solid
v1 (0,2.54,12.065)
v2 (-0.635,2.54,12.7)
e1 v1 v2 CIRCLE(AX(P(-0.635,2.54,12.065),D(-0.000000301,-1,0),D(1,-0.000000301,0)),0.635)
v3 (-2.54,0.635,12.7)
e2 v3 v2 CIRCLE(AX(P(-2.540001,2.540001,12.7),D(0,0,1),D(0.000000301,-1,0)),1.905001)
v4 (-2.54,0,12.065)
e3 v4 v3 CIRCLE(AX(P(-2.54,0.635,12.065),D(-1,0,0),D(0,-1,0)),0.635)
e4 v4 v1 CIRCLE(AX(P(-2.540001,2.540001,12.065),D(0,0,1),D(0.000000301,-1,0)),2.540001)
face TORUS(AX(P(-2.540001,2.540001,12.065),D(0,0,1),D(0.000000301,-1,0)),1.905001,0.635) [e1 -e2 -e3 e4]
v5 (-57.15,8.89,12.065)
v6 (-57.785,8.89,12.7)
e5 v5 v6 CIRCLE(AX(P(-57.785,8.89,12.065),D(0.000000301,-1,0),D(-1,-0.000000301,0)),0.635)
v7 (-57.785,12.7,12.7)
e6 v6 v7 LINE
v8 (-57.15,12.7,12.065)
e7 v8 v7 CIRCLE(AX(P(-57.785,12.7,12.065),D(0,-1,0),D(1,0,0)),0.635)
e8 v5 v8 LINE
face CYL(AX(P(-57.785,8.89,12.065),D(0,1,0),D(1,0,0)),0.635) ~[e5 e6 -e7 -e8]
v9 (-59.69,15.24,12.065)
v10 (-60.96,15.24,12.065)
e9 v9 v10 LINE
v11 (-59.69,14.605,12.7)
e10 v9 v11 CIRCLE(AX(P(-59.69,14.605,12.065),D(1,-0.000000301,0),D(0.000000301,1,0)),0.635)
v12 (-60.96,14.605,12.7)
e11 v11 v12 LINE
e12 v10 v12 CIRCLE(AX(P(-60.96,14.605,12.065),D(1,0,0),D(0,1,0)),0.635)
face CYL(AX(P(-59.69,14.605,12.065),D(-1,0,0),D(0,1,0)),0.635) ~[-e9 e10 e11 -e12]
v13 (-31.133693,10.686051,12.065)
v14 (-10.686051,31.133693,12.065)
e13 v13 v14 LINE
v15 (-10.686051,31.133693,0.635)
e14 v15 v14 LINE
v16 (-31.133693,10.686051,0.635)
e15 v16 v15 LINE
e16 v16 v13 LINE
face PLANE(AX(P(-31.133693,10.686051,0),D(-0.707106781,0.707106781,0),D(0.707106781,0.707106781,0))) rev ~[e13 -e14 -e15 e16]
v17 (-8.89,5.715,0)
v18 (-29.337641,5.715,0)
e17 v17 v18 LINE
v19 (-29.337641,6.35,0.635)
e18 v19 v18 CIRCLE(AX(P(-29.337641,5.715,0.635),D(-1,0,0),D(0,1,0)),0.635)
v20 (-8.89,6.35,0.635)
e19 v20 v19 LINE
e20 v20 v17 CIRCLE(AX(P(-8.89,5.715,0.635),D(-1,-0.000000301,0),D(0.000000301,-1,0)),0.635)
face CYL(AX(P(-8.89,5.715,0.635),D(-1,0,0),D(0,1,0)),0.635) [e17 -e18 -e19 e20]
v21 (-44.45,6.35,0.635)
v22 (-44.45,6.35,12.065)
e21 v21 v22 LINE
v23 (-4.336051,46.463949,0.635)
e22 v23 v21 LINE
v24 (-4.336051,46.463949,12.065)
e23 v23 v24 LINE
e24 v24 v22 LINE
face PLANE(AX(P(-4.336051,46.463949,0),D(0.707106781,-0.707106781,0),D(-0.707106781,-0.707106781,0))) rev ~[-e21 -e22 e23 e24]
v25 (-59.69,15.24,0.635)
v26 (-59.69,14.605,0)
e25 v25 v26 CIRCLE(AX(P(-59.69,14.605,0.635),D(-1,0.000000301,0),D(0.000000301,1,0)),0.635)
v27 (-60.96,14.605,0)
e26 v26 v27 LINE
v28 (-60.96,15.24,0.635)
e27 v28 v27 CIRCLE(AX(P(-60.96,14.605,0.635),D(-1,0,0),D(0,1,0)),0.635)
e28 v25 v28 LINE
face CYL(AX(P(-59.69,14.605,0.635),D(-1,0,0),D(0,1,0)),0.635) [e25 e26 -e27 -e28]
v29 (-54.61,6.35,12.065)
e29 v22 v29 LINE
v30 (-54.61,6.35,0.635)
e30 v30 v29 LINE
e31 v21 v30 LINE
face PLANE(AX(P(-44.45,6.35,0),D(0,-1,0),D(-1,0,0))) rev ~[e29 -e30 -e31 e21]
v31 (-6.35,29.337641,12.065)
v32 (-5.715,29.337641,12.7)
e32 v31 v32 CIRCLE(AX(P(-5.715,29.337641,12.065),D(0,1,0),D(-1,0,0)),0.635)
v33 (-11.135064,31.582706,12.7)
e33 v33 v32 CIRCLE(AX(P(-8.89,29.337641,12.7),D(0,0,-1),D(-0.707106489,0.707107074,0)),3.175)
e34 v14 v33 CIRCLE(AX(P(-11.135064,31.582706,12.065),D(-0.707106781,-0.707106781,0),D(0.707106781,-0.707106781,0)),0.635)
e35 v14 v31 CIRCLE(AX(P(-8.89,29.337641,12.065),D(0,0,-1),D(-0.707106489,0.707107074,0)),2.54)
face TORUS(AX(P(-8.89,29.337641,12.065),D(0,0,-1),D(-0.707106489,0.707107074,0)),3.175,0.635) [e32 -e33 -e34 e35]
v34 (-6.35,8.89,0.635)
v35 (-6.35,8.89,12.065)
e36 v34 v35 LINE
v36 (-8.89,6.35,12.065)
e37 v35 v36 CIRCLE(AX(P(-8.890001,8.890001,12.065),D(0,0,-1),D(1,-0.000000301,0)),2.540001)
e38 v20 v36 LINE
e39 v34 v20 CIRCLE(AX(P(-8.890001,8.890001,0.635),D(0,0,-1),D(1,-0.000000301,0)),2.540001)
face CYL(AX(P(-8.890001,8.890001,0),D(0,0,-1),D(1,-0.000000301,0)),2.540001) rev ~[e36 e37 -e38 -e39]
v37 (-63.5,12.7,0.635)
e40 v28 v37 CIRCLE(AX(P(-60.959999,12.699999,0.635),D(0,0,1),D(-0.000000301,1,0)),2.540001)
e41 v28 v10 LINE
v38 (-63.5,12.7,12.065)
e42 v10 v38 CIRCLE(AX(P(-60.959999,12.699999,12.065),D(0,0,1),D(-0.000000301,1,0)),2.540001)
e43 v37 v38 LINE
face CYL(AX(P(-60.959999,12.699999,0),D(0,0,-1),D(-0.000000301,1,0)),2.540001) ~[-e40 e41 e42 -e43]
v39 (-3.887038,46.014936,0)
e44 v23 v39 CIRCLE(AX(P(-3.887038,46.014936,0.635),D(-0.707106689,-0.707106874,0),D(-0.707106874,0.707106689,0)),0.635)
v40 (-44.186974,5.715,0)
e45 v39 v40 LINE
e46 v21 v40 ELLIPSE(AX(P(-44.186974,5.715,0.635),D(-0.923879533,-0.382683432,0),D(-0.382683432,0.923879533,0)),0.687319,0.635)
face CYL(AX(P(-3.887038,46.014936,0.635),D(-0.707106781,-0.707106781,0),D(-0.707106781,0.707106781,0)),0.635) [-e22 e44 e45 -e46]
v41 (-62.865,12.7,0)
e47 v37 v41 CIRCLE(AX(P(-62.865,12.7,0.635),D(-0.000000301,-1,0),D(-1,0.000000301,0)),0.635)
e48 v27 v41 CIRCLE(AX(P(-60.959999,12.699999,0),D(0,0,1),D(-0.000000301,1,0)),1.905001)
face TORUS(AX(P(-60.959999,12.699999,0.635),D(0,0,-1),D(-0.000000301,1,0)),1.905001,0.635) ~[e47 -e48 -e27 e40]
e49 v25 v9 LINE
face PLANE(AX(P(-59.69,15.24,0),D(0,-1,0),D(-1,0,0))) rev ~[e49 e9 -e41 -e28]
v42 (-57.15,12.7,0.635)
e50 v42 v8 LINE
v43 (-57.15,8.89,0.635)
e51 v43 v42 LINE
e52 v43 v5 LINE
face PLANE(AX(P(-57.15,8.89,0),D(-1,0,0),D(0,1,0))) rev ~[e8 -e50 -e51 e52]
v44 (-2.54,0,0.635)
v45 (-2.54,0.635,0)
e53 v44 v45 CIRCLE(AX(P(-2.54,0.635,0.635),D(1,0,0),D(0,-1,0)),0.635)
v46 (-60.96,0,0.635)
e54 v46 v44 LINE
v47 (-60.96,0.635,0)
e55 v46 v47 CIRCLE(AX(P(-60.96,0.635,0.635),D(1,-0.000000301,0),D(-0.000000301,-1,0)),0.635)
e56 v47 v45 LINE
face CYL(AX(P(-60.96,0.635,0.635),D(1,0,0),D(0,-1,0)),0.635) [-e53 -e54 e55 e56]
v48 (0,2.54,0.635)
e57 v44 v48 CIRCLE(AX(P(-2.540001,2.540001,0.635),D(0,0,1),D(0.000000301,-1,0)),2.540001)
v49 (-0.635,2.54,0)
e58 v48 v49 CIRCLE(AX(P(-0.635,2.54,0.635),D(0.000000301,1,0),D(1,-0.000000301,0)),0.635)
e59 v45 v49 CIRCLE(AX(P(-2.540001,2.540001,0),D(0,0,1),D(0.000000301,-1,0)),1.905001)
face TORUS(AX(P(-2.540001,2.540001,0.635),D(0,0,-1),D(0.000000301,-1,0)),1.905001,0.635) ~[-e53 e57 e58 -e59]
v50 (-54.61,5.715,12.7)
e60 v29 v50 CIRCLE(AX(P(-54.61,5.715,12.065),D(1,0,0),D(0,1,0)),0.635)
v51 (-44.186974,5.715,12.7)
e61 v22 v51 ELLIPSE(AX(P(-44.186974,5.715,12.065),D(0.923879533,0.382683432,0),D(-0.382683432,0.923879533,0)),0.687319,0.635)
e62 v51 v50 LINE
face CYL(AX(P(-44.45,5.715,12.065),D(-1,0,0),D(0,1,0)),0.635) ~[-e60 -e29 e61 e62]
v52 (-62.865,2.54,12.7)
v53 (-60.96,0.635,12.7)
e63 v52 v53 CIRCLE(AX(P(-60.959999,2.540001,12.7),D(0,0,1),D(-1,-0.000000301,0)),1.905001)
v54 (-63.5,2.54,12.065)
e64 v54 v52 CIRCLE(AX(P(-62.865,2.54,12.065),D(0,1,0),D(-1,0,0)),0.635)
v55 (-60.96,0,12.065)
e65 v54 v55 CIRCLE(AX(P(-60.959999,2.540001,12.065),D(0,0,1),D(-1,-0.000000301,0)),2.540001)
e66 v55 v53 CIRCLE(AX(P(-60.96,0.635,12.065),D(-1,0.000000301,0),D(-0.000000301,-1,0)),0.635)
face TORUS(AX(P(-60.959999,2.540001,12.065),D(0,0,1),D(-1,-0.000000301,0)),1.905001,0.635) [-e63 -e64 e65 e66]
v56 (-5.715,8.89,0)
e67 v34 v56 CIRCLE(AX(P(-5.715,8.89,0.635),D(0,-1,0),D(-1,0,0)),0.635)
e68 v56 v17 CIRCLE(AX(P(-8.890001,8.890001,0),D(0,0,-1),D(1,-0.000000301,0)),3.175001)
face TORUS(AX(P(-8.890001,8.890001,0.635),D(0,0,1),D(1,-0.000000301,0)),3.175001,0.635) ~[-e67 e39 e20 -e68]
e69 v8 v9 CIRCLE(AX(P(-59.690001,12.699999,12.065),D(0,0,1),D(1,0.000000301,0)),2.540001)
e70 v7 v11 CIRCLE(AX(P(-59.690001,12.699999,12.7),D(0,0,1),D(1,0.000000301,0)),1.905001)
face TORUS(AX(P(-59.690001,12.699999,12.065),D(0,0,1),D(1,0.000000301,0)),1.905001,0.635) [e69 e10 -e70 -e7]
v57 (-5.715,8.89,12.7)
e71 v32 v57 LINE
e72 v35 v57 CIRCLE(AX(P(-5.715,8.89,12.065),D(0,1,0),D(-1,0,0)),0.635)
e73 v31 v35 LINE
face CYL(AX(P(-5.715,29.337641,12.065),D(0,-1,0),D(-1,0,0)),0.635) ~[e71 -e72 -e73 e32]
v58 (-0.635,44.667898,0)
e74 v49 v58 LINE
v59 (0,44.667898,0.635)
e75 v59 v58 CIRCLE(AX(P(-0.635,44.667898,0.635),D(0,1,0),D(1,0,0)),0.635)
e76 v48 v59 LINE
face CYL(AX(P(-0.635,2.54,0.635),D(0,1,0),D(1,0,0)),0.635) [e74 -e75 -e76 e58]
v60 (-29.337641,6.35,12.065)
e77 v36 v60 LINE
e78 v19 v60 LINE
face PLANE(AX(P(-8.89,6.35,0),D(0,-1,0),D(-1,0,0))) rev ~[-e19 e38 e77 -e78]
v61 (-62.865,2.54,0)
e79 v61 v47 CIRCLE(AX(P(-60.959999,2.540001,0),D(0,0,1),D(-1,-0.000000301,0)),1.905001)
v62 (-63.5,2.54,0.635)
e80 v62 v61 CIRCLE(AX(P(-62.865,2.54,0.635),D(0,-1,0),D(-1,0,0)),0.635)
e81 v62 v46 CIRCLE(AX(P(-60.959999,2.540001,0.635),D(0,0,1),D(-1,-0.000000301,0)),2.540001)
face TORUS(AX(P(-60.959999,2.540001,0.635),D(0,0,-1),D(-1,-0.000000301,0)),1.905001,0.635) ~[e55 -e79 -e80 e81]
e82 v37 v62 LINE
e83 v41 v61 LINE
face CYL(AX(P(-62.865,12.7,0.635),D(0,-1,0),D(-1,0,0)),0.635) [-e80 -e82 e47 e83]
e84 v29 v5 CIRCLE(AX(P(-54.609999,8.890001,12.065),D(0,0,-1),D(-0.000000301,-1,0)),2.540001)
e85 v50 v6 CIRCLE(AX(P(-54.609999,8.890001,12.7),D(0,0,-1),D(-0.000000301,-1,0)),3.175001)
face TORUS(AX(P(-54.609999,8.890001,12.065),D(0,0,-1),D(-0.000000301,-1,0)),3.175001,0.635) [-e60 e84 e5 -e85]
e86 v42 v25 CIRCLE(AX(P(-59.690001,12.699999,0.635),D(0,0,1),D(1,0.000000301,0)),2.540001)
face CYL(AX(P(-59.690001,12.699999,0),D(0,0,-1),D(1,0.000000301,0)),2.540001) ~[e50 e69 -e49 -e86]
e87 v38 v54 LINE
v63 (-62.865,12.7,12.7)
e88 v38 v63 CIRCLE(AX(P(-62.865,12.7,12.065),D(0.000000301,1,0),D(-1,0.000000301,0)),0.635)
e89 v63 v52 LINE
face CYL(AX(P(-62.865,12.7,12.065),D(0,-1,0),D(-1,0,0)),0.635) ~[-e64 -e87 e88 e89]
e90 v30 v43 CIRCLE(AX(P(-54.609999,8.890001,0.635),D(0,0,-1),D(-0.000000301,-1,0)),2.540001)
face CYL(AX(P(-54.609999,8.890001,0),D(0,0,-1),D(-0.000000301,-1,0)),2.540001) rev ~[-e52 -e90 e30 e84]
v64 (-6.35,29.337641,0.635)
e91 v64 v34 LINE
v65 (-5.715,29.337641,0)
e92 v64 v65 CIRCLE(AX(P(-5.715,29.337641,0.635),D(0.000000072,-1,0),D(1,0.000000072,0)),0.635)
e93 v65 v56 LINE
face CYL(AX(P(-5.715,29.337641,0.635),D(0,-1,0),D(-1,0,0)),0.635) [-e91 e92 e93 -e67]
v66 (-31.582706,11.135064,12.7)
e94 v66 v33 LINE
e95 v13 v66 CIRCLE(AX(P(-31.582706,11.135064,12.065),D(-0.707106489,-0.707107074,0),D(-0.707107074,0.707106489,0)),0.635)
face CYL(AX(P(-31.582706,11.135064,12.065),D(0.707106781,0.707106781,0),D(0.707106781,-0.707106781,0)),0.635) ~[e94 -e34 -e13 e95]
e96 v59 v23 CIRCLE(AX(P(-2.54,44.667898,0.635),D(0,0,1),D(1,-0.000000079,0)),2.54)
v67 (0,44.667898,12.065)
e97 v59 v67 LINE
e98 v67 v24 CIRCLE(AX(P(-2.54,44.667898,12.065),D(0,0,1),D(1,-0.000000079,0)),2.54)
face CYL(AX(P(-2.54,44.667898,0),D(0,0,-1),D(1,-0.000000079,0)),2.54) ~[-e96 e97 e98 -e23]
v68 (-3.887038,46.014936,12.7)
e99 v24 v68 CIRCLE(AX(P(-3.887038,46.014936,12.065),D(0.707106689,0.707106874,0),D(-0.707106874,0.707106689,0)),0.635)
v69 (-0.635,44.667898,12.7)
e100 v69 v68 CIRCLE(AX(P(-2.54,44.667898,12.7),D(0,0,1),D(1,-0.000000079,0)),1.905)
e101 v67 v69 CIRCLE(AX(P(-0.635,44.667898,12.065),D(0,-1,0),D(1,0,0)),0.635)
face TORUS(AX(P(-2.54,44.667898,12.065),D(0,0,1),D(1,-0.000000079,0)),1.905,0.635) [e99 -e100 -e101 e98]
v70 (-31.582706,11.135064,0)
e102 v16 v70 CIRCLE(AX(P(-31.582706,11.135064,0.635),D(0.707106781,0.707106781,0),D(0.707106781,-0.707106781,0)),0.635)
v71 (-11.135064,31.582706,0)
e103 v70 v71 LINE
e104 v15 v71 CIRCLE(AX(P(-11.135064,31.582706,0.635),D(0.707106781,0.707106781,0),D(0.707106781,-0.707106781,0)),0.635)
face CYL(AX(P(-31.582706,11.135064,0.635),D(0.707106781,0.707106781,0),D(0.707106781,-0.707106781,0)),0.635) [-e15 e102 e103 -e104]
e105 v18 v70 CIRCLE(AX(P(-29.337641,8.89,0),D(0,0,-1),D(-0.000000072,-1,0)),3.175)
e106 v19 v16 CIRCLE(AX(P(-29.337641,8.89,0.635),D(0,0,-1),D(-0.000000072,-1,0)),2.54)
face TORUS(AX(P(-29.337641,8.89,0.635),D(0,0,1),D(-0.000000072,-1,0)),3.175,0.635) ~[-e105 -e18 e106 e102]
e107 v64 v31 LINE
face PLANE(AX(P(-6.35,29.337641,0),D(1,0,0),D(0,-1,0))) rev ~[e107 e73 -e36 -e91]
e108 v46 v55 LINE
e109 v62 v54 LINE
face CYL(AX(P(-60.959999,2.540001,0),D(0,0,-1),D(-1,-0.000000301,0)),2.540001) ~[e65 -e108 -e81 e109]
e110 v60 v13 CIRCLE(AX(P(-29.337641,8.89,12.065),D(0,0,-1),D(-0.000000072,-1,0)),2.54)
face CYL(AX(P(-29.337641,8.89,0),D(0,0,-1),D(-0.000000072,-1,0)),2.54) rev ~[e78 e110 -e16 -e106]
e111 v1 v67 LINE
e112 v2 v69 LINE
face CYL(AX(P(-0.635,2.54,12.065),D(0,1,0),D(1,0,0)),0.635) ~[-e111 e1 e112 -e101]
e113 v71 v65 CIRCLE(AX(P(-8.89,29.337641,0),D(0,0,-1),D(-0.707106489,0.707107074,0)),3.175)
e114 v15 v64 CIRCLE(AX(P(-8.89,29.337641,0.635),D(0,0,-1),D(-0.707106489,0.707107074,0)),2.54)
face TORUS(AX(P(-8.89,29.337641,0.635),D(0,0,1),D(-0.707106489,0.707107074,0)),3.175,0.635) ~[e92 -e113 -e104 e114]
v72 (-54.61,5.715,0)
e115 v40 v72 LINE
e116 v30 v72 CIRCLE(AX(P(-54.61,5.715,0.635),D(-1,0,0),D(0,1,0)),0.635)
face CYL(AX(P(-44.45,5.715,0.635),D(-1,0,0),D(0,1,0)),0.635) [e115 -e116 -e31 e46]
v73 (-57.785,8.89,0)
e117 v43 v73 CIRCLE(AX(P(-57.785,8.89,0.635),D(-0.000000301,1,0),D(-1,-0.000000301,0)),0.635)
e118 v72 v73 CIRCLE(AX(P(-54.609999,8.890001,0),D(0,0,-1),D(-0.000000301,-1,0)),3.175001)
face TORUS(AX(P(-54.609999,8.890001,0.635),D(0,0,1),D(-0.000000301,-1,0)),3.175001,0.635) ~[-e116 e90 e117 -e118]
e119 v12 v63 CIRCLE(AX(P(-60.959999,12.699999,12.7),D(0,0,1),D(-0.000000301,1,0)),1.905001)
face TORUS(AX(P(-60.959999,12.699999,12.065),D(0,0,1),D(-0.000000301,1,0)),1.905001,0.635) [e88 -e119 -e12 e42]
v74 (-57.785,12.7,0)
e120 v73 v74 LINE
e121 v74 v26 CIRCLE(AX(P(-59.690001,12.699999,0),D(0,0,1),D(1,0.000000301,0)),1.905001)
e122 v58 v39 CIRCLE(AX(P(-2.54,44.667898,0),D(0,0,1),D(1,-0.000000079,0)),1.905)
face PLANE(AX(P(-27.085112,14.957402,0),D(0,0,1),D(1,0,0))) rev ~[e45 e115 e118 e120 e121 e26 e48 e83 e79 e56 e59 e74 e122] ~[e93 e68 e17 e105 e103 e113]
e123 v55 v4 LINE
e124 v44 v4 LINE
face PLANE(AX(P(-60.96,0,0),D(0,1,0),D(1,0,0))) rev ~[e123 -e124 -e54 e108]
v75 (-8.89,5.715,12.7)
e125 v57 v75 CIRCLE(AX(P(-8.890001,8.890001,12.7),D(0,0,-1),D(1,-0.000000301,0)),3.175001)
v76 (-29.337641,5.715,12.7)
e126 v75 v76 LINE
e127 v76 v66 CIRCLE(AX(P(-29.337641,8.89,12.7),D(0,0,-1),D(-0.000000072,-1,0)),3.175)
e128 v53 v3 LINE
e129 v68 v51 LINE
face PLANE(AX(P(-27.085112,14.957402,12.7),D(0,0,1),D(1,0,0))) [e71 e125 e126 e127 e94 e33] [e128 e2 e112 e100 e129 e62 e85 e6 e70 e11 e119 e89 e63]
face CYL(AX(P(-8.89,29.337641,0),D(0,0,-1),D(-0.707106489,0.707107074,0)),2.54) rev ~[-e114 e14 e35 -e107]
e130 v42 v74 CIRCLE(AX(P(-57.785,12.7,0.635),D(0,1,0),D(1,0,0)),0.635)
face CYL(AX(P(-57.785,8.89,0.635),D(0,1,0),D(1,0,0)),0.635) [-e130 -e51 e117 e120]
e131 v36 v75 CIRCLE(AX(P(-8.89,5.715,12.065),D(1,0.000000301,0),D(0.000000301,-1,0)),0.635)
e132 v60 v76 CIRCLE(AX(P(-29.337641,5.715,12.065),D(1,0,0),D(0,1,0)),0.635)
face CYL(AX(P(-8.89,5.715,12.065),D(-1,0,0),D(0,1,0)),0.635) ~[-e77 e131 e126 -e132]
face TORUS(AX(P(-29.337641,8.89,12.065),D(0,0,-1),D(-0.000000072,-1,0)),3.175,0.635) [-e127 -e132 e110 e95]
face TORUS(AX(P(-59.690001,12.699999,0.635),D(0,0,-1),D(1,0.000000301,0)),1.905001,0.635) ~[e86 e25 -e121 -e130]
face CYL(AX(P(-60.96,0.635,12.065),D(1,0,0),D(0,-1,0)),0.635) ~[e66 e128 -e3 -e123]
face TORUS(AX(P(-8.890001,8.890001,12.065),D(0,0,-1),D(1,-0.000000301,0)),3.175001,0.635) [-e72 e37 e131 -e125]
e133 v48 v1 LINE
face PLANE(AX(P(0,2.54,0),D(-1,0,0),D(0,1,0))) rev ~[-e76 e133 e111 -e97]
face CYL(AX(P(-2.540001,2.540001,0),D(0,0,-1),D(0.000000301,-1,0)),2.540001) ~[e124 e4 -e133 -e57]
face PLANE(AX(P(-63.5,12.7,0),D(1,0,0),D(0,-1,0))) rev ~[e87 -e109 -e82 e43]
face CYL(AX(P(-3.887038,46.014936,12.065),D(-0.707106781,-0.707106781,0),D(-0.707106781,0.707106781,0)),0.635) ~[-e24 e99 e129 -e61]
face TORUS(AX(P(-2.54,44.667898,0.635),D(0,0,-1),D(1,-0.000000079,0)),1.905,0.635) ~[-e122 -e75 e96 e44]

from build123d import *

# Parameters (mm, degrees)
F1_DEPTH = 12.7
F2_R     = 0.635


with BuildPart() as f1:
    # F0 (on Top) → F1 (new body)
    with BuildSketch(Plane.XY):
        with BuildLine():
            Line((-60.96, 0), (-2.54, 0))
            ThreePointArc((-2.54, 0), (-0.743949, 0.743949), (0, 2.54))
            Line((0, 2.54), (0, 6.35))
            Line((0, 6.35), (0, 44.667898))
            ThreePointArc((0, 44.667898), (-1.567984, 47.014552), (-4.336051, 46.463949))
            Line((-4.336051, 46.463949), (-44.45, 6.35))
            Line((-44.45, 6.35), (-54.61, 6.35))
            ThreePointArc((-54.61, 6.35), (-56.406051, 7.093949), (-57.15, 8.89))
            Line((-57.15, 8.89), (-57.15, 12.7))
            ThreePointArc((-57.15, 12.7), (-57.893949, 14.496051), (-59.69, 15.24))
            Line((-59.69, 15.24), (-60.96, 15.24))
            ThreePointArc((-60.96, 15.24), (-62.756051, 14.496051), (-63.5, 12.7))
            Line((-63.5, 12.7), (-63.5, 6.35))
            Line((-63.5, 6.35), (-63.5, 2.54))
            ThreePointArc((-63.5, 2.54), (-62.756051, 0.743949), (-60.96, 0))
        make_face()
        with BuildLine():
            Line((-31.133693, 10.686051), (-10.686051, 31.133693))
            ThreePointArc((-10.686051, 31.133693), (-7.917984, 31.684295), (-6.35, 29.337641))
            Line((-6.35, 29.337641), (-6.35, 8.89))
            ThreePointArc((-6.35, 8.89), (-7.093949, 7.093949), (-8.89, 6.35))
            Line((-8.89, 6.35), (-29.337641, 6.35))
            ThreePointArc((-29.337641, 6.35), (-31.684295, 7.917984), (-31.133693, 10.686051))
        make_face(mode=Mode.SUBTRACT)
    extrude(amount=F1_DEPTH)

    # F2
    f2_edges = [f1.edges().sort_by_distance(p)[0] for p in [
        (-24.393026, 26.406974, 12.7),
        (-6.35, 19.113821, 12.7),
        (-24.393026, 26.406974, 0),
        (-20.909872, 20.909872, 0),
    ]]
    fillet(f2_edges, radius=F2_R)


solid = f1.part
